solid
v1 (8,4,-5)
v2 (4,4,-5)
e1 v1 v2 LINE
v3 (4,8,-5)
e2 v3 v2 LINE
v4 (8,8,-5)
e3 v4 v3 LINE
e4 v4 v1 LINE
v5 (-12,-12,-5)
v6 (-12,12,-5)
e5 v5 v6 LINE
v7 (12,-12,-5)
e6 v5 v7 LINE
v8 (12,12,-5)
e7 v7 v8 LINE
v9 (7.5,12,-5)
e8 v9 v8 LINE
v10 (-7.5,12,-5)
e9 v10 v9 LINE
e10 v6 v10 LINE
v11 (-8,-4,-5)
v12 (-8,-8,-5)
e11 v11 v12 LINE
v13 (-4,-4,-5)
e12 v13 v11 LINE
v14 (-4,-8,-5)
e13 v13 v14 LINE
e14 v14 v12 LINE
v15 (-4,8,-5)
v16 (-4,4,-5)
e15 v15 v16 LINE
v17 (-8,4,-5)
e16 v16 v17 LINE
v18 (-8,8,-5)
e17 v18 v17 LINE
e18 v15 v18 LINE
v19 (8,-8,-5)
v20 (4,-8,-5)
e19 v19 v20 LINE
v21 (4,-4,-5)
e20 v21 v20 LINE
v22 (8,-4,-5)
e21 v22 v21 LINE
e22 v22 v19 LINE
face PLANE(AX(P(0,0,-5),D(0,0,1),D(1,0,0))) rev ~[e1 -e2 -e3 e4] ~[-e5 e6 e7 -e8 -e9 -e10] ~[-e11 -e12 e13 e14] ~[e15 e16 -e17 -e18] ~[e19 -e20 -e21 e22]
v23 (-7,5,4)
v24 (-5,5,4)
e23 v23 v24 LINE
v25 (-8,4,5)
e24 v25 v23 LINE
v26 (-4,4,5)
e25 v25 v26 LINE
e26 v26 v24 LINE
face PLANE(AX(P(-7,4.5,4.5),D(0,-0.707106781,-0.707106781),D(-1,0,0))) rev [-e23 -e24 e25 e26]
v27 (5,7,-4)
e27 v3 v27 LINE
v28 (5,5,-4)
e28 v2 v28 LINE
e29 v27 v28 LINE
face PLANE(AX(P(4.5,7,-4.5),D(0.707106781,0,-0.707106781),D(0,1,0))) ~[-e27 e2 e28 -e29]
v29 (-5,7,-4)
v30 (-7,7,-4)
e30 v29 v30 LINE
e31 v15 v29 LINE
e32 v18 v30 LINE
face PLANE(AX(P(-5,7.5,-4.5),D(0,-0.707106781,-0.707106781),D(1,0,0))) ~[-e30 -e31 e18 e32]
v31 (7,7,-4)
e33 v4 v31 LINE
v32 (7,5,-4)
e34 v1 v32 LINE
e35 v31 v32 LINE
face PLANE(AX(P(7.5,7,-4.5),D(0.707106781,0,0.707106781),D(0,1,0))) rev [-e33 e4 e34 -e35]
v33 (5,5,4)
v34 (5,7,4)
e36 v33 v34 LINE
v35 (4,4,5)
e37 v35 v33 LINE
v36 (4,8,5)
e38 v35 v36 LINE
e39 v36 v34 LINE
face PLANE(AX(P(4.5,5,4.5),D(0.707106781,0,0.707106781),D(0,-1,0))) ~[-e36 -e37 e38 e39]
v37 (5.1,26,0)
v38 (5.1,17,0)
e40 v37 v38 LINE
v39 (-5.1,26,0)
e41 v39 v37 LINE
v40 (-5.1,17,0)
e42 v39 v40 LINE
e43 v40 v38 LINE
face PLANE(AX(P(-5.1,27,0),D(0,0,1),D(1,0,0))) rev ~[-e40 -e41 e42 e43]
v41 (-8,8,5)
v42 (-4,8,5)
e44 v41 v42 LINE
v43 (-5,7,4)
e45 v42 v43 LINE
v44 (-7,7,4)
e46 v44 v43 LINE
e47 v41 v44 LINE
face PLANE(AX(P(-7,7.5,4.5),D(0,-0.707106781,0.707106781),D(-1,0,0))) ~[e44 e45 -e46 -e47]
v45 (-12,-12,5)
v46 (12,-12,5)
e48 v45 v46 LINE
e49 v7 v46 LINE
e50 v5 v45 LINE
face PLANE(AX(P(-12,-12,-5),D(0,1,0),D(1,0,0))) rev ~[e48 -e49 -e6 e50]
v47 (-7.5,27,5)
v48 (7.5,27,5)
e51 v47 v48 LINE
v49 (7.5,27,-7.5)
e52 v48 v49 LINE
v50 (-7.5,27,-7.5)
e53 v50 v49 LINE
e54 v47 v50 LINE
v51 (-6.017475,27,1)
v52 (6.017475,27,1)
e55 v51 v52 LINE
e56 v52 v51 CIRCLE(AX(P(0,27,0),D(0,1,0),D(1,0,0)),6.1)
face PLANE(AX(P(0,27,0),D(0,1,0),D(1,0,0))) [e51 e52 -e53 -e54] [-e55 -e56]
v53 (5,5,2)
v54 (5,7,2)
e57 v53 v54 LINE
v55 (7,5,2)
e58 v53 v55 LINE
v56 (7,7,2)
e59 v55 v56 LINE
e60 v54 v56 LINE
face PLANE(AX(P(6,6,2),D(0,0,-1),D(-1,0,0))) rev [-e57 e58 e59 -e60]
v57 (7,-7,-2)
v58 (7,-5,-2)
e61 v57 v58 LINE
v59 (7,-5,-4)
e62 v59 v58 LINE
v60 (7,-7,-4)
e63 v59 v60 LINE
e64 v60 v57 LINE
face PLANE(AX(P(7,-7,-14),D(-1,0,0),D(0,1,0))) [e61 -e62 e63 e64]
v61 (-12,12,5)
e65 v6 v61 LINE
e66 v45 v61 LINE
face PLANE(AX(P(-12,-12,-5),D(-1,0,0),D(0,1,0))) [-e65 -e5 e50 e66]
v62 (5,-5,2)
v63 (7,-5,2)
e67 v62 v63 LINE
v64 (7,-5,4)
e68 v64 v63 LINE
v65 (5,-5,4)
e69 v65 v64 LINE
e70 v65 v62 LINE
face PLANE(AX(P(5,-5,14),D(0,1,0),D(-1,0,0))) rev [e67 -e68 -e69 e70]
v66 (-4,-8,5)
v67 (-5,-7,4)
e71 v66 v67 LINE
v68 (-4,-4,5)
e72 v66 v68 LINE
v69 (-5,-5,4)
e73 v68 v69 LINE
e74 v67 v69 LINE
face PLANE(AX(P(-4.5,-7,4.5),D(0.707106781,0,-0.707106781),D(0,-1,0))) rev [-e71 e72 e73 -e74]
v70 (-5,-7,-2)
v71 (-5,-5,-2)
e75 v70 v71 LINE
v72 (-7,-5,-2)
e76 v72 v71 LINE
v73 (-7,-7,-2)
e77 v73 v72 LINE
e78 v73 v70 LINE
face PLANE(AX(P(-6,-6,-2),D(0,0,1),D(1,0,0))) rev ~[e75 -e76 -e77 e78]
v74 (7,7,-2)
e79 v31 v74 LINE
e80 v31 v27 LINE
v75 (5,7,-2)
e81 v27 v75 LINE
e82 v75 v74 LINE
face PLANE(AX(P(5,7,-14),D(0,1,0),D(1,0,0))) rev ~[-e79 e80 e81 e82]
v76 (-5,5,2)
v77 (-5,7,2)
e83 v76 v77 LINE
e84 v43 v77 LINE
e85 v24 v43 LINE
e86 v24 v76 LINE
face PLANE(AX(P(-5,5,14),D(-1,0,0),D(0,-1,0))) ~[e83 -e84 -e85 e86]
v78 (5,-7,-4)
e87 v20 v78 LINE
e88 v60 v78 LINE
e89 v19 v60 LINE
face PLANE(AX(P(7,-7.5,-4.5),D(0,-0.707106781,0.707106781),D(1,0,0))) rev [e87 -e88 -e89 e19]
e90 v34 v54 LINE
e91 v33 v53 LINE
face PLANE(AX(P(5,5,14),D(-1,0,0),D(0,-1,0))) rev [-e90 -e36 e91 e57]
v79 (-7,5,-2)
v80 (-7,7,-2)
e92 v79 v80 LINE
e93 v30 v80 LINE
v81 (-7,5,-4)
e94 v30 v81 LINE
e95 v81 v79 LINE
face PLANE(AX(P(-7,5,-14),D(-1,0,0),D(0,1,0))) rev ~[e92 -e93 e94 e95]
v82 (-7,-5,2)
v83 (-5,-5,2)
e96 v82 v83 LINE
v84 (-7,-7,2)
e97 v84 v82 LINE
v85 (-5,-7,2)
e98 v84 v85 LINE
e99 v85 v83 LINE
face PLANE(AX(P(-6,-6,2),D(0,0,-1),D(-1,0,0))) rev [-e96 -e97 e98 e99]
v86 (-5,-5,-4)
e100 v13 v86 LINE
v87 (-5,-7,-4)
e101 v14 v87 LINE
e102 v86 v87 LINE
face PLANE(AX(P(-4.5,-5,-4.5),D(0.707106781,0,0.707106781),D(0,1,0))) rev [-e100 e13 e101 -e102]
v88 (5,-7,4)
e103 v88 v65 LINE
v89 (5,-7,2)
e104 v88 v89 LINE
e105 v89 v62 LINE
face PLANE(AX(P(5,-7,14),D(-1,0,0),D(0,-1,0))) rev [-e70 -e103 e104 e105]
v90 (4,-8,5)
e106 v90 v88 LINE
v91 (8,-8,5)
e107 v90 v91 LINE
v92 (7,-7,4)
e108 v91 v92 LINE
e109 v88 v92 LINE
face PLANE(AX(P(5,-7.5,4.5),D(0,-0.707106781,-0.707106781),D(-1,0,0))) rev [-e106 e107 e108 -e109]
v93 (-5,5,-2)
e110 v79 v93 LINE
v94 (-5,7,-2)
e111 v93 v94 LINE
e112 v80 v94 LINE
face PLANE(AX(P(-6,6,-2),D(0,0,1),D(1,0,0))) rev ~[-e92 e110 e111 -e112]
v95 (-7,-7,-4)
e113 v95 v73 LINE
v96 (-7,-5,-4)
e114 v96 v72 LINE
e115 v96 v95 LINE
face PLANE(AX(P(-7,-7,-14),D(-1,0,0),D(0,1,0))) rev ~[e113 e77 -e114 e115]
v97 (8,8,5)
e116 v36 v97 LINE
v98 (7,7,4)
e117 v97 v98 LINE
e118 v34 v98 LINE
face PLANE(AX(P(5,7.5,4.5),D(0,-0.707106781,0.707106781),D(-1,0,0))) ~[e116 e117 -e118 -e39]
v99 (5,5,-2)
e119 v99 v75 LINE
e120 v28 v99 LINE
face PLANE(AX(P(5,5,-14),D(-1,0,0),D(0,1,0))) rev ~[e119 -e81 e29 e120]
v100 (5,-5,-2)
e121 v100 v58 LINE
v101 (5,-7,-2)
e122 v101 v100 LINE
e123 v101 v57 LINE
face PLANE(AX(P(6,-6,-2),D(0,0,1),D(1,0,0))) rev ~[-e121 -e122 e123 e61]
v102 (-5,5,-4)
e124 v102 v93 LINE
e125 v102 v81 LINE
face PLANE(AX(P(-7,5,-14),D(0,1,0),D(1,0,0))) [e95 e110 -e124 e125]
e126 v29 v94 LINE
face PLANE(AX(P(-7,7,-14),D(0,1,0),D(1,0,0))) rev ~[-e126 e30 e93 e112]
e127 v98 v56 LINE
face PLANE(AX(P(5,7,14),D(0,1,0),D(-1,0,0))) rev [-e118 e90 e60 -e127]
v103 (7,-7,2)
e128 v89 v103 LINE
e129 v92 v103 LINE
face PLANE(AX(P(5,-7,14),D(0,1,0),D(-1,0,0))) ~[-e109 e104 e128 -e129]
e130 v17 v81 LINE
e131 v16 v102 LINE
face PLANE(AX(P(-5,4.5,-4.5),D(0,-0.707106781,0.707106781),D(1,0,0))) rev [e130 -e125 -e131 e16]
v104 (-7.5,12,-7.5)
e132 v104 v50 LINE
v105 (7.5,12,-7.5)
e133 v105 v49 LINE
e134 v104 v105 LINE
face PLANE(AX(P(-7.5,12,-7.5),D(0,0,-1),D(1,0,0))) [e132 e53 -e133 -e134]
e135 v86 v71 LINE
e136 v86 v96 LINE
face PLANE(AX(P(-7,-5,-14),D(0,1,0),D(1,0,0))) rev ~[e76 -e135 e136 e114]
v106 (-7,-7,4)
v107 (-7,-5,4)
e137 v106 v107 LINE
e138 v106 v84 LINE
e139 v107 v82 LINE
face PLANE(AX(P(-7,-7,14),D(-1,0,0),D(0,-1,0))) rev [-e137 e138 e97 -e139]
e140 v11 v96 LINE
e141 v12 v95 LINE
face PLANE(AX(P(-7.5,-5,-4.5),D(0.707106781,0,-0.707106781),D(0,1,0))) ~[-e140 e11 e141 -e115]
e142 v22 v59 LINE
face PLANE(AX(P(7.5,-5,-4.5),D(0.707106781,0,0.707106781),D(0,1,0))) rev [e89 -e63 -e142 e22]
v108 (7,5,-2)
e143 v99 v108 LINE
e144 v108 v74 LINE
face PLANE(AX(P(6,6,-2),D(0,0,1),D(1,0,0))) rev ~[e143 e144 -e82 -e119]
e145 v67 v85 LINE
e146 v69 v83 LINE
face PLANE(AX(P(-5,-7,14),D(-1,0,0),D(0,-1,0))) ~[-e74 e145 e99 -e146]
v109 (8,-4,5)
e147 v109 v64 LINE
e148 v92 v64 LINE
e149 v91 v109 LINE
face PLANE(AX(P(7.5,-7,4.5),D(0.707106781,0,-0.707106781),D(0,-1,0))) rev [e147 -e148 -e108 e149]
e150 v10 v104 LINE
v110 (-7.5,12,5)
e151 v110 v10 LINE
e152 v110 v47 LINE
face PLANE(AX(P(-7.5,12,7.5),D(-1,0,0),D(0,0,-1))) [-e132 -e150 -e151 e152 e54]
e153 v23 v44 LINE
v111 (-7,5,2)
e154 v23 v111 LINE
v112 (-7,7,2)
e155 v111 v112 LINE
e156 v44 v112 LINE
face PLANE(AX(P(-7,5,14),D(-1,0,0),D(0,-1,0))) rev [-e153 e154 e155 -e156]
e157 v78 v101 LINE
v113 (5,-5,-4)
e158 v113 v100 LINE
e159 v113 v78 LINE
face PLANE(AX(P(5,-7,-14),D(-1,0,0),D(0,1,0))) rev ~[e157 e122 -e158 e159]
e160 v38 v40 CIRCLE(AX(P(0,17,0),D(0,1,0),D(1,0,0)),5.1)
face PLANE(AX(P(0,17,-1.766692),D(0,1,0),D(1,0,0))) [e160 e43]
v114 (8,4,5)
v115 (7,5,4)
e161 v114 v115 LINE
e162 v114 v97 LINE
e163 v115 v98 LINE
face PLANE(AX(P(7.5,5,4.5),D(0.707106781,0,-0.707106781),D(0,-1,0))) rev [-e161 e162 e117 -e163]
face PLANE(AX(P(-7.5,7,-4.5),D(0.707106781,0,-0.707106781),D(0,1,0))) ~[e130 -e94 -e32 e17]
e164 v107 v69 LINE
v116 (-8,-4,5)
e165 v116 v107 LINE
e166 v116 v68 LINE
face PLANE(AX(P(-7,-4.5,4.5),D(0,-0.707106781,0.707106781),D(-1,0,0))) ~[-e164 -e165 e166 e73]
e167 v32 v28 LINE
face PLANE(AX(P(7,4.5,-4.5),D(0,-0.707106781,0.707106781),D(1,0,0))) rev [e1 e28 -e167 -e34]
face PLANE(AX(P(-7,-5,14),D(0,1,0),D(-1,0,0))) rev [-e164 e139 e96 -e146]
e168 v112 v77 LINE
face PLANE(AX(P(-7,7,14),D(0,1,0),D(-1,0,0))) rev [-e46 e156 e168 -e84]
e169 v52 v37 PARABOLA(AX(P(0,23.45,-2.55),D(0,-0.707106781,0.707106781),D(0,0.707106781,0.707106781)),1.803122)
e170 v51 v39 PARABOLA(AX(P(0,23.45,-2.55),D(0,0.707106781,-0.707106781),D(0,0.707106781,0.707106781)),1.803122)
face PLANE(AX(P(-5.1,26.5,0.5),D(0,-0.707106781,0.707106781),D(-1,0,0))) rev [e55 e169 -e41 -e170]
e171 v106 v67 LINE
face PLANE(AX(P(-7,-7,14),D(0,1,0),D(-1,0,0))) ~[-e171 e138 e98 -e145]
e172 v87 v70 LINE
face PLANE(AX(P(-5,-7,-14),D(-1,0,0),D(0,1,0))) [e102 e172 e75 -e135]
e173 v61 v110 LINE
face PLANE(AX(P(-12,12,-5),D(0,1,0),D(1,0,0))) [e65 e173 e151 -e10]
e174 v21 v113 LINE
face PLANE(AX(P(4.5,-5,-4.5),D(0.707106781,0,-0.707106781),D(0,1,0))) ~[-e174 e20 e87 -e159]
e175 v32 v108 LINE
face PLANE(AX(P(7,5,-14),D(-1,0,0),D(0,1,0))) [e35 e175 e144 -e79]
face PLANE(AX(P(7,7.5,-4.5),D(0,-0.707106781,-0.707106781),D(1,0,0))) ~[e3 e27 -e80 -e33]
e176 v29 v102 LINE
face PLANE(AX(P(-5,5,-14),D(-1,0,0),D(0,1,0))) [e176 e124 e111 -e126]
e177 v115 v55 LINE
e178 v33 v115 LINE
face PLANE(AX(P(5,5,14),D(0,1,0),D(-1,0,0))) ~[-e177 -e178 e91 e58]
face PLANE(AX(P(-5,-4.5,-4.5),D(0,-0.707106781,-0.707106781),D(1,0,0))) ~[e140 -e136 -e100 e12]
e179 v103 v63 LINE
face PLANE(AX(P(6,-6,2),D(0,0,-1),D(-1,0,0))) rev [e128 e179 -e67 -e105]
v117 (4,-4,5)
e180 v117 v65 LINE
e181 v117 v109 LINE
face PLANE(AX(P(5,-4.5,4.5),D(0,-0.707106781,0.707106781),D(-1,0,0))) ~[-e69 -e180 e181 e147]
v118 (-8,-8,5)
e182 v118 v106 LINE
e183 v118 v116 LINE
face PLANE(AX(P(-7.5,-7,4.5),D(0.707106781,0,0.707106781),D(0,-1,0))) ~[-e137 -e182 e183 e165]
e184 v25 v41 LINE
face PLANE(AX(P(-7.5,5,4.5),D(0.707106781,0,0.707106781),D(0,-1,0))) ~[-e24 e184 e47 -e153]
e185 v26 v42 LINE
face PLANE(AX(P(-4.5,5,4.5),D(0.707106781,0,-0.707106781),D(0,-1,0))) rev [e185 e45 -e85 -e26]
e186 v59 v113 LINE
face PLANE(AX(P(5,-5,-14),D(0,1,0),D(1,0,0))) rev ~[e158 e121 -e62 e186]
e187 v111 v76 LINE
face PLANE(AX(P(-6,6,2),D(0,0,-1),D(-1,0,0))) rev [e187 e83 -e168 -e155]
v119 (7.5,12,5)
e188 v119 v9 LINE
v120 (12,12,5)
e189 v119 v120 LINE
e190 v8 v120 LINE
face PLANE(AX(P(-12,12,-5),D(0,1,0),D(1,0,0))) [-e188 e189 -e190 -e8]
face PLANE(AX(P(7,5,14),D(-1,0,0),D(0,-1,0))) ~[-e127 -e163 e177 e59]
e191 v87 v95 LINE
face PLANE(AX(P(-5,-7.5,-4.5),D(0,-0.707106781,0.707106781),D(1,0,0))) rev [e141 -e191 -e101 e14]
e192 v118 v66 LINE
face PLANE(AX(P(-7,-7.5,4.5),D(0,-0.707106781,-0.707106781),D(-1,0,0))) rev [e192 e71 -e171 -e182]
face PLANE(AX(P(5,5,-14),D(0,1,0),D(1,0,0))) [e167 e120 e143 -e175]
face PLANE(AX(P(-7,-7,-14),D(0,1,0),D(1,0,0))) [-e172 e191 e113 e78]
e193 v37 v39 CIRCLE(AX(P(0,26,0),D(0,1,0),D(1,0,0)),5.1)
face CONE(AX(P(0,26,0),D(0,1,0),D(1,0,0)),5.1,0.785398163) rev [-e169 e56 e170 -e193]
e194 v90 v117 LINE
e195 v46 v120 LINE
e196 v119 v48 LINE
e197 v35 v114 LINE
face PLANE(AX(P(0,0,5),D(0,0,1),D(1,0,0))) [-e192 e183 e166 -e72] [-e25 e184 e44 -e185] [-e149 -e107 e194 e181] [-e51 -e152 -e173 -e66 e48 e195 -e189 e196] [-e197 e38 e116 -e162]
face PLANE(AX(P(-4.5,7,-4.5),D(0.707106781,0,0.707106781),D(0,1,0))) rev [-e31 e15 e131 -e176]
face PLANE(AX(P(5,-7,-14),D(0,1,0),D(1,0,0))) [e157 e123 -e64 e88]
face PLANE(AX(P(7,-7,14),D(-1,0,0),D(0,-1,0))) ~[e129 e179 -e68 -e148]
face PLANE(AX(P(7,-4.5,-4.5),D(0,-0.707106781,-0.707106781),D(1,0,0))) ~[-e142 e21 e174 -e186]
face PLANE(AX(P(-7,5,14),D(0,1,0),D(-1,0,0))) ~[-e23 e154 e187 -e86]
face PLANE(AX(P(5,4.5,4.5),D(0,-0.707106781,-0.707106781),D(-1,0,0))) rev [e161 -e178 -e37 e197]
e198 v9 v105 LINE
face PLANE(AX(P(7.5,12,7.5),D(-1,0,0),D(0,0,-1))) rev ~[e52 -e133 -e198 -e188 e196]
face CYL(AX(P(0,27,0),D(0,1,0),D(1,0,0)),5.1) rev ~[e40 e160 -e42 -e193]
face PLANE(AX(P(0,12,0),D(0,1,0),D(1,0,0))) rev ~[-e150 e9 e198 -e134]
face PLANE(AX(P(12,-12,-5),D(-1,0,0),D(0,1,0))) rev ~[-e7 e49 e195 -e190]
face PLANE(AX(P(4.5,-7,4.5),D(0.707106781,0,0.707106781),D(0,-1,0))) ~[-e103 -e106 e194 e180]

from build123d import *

# Parameters (mm, degrees)
AUFSATZ_LINEAR_AUSTRAGEN1_DEPTH      = 5
AUFSATZ_LINEAR_AUSTRAGEN1_DEPTH_BACK = 5
SKIZZE1_W                            = 24
SKIZZE1_H                            = 24
SKIZZE3_W                            = 15
SKIZZE3_H                            = 15
AUFSATZ_LINEAR_AUSTRAGEN2_DEPTH      = 15
SCHNITT_LINEAR_AUSTRAGEN1_DEPTH      = 10
FASE1_SIZE                           = 1
SCHNITT_LINEAR_START                 = -11
SKIZZE6_W                            = 2
SKIZZE6_H                            = 2
SCHNITT_LINEAR_AUSTRAGEN2_DEPTH      = 12
FASE2_SIZE                           = 1
SKIZZE12_W                           = 15
SKIZZE12_H                           = 15
SCHNITT_LINEAR_AUSTRAGEN4_DEPTH      = 2.5


with BuildPart() as part:
    # Skizze1 → Aufsatz-Linear austragen1 (new, two sides: drawn at the far end of the back side and taken through both)
    with BuildSketch(Plane.XY.offset(-AUFSATZ_LINEAR_AUSTRAGEN1_DEPTH_BACK)):
        Rectangle(SKIZZE1_W, SKIZZE1_H)
    extrude(amount=AUFSATZ_LINEAR_AUSTRAGEN1_DEPTH + AUFSATZ_LINEAR_AUSTRAGEN1_DEPTH_BACK)

    # Skizze3 → Aufsatz-Linear austragen2 (add)
    with BuildSketch(Plane(origin=(0, 12, 0), x_dir=(1, 0, 0), z_dir=(0, 1, 0))):
        Rectangle(SKIZZE3_W, SKIZZE3_H)
    extrude(amount=AUFSATZ_LINEAR_AUSTRAGEN2_DEPTH)

    # Skizze5 → Schnitt-Linear austragen1 (cut)
    with BuildSketch(Plane(origin=(0, 27, 0), x_dir=(1, 0, 0), z_dir=(0, 1, 0))):
        with BuildLine():
            Line((-5.1, 0), (5.1, 0))
            ThreePointArc((5.1, 0), (0, 5.1), (-5.1, 0))
        make_face()
    extrude(amount=-SCHNITT_LINEAR_AUSTRAGEN1_DEPTH, mode=Mode.SUBTRACT)

    # Fase1
    fase1_edges = [part.edges().sort_by_distance(p)[0] for p in [
        (0, 27, -5.1),
        (0, 27, 0),
    ]]
    chamfer(fase1_edges, length=FASE1_SIZE)

    # Skizze6 → Schnitt-Linear austragen2 (cut)
    with BuildSketch(Plane.XY.offset(-3).offset(SCHNITT_LINEAR_START)):
        with Locations((6, 6)):
            Rectangle(SKIZZE6_W, SKIZZE6_H)
        with Locations((6, -6)):
            Rectangle(SKIZZE6_W, SKIZZE6_H)
        with Locations((-6, -6)):
            Rectangle(SKIZZE6_W, SKIZZE6_H)
        with Locations((-6, 6)):
            Rectangle(SKIZZE6_W, SKIZZE6_H)
    schnitt_linear_austragen2 = extrude(amount=SCHNITT_LINEAR_AUSTRAGEN2_DEPTH, mode=Mode.SUBTRACT)

    # Spiegeln1: Schnitt-Linear austragen2 across plane
    add(schnitt_linear_austragen2.mirror(Plane.XY), mode=Mode.SUBTRACT)

    # Fase2
    fase2_edges = [part.edges().sort_by_distance(p)[0] for p in [
        (6, 5, 5),
        (7, 6, 5),
        (6, 7, 5),
        (5, 6, 5),
        (6, -7, 5),
        (7, -6, 5),
        (6, -5, 5),
        (5, -6, 5),
        (-6, -7, 5),
        (-5, -6, 5),
        (-6, -5, 5),
        (-7, -6, 5),
        (-6, 5, 5),
        (-5, 6, 5),
        (-6, 7, 5),
        (-7, 6, 5),
        (6, 7, -5),
        (7, 6, -5),
        (6, 5, -5),
        (5, 6, -5),
        (6, -5, -5),
        (7, -6, -5),
        (6, -7, -5),
        (5, -6, -5),
        (-6, -5, -5),
        (-5, -6, -5),
        (-6, -7, -5),
        (-7, -6, -5),
        (-6, 7, -5),
        (-5, 6, -5),
        (-6, 5, -5),
        (-7, 6, -5),
    ]]
    chamfer(fase2_edges, length=FASE2_SIZE)

    # Skizze12 → Schnitt-Linear austragen4 (cut)
    with BuildSketch(Plane.XY.offset(7.5)):
        with Locations((0, 19.5)):
            Rectangle(SKIZZE12_W, SKIZZE12_H)
    extrude(amount=-SCHNITT_LINEAR_AUSTRAGEN4_DEPTH, mode=Mode.SUBTRACT)


solid = part.part
